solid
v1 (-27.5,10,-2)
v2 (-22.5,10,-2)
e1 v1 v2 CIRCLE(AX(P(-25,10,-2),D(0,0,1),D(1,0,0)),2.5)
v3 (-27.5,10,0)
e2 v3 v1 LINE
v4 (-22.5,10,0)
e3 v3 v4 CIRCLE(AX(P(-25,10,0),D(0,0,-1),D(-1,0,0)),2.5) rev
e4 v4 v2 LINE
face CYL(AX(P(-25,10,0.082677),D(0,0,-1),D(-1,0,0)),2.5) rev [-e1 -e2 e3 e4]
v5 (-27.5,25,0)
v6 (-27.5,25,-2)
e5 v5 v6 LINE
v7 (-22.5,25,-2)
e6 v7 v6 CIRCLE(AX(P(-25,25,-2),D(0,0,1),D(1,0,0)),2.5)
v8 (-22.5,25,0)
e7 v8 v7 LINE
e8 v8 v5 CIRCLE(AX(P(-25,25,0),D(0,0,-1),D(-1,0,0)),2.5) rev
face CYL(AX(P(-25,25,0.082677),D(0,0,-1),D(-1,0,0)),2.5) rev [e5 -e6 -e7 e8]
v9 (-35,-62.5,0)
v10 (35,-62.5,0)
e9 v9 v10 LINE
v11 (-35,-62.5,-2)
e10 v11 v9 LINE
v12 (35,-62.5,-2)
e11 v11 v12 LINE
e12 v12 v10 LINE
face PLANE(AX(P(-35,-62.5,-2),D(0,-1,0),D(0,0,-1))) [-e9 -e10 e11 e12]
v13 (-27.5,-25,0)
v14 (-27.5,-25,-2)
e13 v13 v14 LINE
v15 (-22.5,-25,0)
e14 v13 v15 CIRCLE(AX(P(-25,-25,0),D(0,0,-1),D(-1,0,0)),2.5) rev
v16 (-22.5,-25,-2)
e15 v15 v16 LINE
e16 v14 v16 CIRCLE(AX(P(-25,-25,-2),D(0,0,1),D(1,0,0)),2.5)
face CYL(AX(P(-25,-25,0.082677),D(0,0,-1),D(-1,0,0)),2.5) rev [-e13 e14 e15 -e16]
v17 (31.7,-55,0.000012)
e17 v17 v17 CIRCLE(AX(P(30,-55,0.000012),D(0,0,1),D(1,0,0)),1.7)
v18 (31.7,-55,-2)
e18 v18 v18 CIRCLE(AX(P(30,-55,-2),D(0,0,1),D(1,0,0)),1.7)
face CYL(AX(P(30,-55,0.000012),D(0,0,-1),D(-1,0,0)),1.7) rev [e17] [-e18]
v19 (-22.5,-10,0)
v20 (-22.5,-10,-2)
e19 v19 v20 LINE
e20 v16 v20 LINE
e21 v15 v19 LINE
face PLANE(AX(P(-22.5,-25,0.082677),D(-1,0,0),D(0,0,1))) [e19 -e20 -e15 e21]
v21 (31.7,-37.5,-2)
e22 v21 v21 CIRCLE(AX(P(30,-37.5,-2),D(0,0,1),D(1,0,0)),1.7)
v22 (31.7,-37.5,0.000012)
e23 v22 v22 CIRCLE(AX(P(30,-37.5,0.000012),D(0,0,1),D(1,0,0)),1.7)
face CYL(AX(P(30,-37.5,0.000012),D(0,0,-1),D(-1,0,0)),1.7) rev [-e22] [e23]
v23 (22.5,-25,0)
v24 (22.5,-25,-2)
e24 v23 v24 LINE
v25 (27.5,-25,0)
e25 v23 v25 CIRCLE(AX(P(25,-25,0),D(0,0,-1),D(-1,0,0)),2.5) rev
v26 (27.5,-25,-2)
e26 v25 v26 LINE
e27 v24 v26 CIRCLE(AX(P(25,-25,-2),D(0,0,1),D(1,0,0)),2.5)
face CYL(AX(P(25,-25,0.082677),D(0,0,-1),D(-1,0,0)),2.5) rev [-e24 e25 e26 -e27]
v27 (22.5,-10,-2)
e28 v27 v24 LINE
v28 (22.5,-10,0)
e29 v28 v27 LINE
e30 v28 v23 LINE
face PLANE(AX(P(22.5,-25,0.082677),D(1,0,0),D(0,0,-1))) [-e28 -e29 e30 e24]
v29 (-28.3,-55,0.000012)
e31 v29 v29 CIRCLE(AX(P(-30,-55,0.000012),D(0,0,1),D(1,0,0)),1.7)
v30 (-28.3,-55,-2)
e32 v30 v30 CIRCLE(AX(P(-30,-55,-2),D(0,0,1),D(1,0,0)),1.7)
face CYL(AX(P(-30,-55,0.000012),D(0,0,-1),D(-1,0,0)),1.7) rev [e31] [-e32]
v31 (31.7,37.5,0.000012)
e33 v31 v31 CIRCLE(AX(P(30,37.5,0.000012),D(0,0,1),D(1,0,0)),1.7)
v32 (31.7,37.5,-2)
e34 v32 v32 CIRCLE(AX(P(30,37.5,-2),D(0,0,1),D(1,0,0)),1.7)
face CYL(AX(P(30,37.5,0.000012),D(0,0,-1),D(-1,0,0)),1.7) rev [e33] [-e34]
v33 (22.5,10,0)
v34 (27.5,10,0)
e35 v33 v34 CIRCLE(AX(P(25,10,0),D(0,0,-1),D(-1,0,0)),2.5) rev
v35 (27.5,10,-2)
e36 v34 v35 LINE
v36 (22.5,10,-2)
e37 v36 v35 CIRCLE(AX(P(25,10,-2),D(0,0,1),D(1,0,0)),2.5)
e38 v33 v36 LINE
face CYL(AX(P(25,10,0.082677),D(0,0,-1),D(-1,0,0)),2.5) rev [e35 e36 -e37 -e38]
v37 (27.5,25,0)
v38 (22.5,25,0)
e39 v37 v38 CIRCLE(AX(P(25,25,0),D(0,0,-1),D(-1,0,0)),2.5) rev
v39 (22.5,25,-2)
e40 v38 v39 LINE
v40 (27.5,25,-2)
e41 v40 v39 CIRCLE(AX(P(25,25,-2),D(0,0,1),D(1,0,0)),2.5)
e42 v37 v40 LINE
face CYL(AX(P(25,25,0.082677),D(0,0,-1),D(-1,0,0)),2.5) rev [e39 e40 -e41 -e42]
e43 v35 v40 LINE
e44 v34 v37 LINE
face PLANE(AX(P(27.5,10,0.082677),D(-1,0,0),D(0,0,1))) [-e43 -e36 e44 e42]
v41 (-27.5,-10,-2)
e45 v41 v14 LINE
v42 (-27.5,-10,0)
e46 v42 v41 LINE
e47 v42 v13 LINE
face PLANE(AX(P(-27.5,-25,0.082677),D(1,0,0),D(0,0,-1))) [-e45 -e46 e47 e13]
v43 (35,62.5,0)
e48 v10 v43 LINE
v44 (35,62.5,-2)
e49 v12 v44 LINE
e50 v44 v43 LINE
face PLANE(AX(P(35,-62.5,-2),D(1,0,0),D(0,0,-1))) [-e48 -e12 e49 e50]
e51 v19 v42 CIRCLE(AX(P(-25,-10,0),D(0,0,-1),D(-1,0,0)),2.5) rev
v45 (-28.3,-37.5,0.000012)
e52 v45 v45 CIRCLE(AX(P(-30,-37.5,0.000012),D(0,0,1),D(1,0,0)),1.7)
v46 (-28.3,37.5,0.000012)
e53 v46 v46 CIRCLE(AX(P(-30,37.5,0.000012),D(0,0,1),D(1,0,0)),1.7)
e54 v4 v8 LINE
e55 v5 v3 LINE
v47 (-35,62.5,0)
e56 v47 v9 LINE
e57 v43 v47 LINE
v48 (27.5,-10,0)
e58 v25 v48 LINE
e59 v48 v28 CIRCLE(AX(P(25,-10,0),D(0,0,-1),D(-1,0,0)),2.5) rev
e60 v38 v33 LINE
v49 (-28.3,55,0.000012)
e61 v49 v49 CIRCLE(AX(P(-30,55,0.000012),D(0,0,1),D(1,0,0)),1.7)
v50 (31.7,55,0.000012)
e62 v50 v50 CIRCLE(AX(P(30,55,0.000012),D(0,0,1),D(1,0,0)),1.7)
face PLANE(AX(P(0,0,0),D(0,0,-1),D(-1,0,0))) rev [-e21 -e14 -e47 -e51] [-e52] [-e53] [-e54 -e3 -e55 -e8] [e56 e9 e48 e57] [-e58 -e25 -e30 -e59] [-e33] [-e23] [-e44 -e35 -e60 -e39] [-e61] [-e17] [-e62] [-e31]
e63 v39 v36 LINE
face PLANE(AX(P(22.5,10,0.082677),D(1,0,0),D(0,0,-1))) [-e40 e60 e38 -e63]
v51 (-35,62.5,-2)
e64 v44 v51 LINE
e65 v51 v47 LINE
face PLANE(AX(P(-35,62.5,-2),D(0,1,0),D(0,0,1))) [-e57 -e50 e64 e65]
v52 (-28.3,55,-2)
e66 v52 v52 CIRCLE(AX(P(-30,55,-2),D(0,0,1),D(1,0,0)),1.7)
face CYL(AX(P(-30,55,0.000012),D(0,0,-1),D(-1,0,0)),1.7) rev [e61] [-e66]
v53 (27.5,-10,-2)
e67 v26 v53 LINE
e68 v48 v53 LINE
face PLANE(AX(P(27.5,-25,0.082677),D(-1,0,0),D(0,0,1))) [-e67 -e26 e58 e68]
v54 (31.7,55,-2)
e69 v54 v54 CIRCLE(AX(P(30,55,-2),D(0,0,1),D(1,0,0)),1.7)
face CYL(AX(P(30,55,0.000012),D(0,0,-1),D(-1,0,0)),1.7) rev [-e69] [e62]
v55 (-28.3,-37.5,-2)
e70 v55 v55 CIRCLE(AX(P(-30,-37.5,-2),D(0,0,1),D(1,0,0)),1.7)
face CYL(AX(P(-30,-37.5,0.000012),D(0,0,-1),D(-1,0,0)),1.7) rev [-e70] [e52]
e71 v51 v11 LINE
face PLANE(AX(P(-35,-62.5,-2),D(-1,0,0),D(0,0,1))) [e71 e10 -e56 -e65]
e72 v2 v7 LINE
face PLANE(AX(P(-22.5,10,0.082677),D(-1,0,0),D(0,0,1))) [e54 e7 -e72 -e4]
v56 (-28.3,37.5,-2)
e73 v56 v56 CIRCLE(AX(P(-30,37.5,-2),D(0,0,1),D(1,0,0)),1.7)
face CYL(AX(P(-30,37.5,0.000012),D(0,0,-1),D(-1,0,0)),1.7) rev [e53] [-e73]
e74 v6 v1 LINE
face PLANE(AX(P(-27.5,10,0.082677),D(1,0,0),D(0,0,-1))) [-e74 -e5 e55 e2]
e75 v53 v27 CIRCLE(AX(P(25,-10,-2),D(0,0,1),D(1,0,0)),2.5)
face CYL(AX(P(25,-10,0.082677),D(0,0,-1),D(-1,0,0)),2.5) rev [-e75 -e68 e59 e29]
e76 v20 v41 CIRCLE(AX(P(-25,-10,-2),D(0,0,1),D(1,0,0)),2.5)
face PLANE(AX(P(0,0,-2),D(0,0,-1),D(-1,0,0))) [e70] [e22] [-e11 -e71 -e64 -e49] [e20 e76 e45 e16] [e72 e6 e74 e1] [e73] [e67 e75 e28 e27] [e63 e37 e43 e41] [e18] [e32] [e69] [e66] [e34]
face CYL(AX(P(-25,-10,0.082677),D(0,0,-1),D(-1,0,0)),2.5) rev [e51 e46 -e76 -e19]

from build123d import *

# Parameters (mm, degrees)
SKETCH1_W                   = 70
SKETCH1_H                   = 125
BOSS_EXTRUDE1_DEPTH         = 2
LO_XUYEN_M3_D3_4_DEPTH      = 72.660658663
LO_XUYEN_M3_D3_4_DEPTH_BACK = 72.660658663
SKETCH2_R                   = 1.7
THAN_RANH_DEPTH             = 72.660658663
THAN_RANH_DEPTH_BACK        = 72.660658663
SKETCH3_W                   = 5
SKETCH3_H                   = 15
DAU_RANH_R2_5_DEPTH         = 72.660658663
DAU_RANH_R2_5_DEPTH_BACK    = 72.660658663
SKETCH4_R                   = 2.5


with BuildPart() as part:
    # Sketch1 → Boss-Extrude1 (new body)
    with BuildSketch(Plane.XY):
        Rectangle(SKETCH1_W, SKETCH1_H)
    extrude(amount=-BOSS_EXTRUDE1_DEPTH)

    # Sketch2 → Lo_xuyen_M3_D3_4 (cut, two sides: drawn at the far end of the back side and taken through both)
    with BuildSketch(Plane.XY.offset(-LO_XUYEN_M3_D3_4_DEPTH_BACK)):
        with Locations((-30, -55)):
            Circle(SKETCH2_R)
        with Locations((-30, -37.5)):
            Circle(SKETCH2_R)
        with Locations((-30, 37.5)):
            Circle(SKETCH2_R)
        with Locations((-30, 55)):
            Circle(SKETCH2_R)
        with Locations((30, -55)):
            Circle(SKETCH2_R)
        with Locations((30, -37.5)):
            Circle(SKETCH2_R)
        with Locations((30, 37.5)):
            Circle(SKETCH2_R)
        with Locations((30, 55)):
            Circle(SKETCH2_R)
    extrude(amount=LO_XUYEN_M3_D3_4_DEPTH + LO_XUYEN_M3_D3_4_DEPTH_BACK, mode=Mode.SUBTRACT)

    # Sketch3 → Than_ranh (cut, two sides: drawn at the far end of the back side and taken through both)
    with BuildSketch(Plane.XY.offset(-THAN_RANH_DEPTH_BACK)):
        with Locations((-25, -17.5)):
            Rectangle(SKETCH3_W, SKETCH3_H)
        with Locations((-25, 17.5)):
            Rectangle(SKETCH3_W, SKETCH3_H)
        with Locations((25, -17.5)):
            Rectangle(SKETCH3_W, SKETCH3_H)
        with Locations((25, 17.5)):
            Rectangle(SKETCH3_W, SKETCH3_H)
    extrude(amount=THAN_RANH_DEPTH + THAN_RANH_DEPTH_BACK, mode=Mode.SUBTRACT)

    # Sketch4 → Dau_ranh_R2_5 (cut, two sides: drawn at the far end of the back side and taken through both)
    with BuildSketch(Plane.XY.offset(-DAU_RANH_R2_5_DEPTH_BACK)):
        with Locations((-25, -25)):
            Circle(SKETCH4_R)
        with Locations((-25, -10)):
            Circle(SKETCH4_R)
        with Locations((-25, 10)):
            Circle(SKETCH4_R)
        with Locations((-25, 25)):
            Circle(SKETCH4_R)
        with Locations((25, -25)):
            Circle(SKETCH4_R)
        with Locations((25, -10)):
            Circle(SKETCH4_R)
        with Locations((25, 10)):
            Circle(SKETCH4_R)
        with Locations((25, 25)):
            Circle(SKETCH4_R)
    extrude(amount=DAU_RANH_R2_5_DEPTH + DAU_RANH_R2_5_DEPTH_BACK, mode=Mode.SUBTRACT)


solid = part.part
